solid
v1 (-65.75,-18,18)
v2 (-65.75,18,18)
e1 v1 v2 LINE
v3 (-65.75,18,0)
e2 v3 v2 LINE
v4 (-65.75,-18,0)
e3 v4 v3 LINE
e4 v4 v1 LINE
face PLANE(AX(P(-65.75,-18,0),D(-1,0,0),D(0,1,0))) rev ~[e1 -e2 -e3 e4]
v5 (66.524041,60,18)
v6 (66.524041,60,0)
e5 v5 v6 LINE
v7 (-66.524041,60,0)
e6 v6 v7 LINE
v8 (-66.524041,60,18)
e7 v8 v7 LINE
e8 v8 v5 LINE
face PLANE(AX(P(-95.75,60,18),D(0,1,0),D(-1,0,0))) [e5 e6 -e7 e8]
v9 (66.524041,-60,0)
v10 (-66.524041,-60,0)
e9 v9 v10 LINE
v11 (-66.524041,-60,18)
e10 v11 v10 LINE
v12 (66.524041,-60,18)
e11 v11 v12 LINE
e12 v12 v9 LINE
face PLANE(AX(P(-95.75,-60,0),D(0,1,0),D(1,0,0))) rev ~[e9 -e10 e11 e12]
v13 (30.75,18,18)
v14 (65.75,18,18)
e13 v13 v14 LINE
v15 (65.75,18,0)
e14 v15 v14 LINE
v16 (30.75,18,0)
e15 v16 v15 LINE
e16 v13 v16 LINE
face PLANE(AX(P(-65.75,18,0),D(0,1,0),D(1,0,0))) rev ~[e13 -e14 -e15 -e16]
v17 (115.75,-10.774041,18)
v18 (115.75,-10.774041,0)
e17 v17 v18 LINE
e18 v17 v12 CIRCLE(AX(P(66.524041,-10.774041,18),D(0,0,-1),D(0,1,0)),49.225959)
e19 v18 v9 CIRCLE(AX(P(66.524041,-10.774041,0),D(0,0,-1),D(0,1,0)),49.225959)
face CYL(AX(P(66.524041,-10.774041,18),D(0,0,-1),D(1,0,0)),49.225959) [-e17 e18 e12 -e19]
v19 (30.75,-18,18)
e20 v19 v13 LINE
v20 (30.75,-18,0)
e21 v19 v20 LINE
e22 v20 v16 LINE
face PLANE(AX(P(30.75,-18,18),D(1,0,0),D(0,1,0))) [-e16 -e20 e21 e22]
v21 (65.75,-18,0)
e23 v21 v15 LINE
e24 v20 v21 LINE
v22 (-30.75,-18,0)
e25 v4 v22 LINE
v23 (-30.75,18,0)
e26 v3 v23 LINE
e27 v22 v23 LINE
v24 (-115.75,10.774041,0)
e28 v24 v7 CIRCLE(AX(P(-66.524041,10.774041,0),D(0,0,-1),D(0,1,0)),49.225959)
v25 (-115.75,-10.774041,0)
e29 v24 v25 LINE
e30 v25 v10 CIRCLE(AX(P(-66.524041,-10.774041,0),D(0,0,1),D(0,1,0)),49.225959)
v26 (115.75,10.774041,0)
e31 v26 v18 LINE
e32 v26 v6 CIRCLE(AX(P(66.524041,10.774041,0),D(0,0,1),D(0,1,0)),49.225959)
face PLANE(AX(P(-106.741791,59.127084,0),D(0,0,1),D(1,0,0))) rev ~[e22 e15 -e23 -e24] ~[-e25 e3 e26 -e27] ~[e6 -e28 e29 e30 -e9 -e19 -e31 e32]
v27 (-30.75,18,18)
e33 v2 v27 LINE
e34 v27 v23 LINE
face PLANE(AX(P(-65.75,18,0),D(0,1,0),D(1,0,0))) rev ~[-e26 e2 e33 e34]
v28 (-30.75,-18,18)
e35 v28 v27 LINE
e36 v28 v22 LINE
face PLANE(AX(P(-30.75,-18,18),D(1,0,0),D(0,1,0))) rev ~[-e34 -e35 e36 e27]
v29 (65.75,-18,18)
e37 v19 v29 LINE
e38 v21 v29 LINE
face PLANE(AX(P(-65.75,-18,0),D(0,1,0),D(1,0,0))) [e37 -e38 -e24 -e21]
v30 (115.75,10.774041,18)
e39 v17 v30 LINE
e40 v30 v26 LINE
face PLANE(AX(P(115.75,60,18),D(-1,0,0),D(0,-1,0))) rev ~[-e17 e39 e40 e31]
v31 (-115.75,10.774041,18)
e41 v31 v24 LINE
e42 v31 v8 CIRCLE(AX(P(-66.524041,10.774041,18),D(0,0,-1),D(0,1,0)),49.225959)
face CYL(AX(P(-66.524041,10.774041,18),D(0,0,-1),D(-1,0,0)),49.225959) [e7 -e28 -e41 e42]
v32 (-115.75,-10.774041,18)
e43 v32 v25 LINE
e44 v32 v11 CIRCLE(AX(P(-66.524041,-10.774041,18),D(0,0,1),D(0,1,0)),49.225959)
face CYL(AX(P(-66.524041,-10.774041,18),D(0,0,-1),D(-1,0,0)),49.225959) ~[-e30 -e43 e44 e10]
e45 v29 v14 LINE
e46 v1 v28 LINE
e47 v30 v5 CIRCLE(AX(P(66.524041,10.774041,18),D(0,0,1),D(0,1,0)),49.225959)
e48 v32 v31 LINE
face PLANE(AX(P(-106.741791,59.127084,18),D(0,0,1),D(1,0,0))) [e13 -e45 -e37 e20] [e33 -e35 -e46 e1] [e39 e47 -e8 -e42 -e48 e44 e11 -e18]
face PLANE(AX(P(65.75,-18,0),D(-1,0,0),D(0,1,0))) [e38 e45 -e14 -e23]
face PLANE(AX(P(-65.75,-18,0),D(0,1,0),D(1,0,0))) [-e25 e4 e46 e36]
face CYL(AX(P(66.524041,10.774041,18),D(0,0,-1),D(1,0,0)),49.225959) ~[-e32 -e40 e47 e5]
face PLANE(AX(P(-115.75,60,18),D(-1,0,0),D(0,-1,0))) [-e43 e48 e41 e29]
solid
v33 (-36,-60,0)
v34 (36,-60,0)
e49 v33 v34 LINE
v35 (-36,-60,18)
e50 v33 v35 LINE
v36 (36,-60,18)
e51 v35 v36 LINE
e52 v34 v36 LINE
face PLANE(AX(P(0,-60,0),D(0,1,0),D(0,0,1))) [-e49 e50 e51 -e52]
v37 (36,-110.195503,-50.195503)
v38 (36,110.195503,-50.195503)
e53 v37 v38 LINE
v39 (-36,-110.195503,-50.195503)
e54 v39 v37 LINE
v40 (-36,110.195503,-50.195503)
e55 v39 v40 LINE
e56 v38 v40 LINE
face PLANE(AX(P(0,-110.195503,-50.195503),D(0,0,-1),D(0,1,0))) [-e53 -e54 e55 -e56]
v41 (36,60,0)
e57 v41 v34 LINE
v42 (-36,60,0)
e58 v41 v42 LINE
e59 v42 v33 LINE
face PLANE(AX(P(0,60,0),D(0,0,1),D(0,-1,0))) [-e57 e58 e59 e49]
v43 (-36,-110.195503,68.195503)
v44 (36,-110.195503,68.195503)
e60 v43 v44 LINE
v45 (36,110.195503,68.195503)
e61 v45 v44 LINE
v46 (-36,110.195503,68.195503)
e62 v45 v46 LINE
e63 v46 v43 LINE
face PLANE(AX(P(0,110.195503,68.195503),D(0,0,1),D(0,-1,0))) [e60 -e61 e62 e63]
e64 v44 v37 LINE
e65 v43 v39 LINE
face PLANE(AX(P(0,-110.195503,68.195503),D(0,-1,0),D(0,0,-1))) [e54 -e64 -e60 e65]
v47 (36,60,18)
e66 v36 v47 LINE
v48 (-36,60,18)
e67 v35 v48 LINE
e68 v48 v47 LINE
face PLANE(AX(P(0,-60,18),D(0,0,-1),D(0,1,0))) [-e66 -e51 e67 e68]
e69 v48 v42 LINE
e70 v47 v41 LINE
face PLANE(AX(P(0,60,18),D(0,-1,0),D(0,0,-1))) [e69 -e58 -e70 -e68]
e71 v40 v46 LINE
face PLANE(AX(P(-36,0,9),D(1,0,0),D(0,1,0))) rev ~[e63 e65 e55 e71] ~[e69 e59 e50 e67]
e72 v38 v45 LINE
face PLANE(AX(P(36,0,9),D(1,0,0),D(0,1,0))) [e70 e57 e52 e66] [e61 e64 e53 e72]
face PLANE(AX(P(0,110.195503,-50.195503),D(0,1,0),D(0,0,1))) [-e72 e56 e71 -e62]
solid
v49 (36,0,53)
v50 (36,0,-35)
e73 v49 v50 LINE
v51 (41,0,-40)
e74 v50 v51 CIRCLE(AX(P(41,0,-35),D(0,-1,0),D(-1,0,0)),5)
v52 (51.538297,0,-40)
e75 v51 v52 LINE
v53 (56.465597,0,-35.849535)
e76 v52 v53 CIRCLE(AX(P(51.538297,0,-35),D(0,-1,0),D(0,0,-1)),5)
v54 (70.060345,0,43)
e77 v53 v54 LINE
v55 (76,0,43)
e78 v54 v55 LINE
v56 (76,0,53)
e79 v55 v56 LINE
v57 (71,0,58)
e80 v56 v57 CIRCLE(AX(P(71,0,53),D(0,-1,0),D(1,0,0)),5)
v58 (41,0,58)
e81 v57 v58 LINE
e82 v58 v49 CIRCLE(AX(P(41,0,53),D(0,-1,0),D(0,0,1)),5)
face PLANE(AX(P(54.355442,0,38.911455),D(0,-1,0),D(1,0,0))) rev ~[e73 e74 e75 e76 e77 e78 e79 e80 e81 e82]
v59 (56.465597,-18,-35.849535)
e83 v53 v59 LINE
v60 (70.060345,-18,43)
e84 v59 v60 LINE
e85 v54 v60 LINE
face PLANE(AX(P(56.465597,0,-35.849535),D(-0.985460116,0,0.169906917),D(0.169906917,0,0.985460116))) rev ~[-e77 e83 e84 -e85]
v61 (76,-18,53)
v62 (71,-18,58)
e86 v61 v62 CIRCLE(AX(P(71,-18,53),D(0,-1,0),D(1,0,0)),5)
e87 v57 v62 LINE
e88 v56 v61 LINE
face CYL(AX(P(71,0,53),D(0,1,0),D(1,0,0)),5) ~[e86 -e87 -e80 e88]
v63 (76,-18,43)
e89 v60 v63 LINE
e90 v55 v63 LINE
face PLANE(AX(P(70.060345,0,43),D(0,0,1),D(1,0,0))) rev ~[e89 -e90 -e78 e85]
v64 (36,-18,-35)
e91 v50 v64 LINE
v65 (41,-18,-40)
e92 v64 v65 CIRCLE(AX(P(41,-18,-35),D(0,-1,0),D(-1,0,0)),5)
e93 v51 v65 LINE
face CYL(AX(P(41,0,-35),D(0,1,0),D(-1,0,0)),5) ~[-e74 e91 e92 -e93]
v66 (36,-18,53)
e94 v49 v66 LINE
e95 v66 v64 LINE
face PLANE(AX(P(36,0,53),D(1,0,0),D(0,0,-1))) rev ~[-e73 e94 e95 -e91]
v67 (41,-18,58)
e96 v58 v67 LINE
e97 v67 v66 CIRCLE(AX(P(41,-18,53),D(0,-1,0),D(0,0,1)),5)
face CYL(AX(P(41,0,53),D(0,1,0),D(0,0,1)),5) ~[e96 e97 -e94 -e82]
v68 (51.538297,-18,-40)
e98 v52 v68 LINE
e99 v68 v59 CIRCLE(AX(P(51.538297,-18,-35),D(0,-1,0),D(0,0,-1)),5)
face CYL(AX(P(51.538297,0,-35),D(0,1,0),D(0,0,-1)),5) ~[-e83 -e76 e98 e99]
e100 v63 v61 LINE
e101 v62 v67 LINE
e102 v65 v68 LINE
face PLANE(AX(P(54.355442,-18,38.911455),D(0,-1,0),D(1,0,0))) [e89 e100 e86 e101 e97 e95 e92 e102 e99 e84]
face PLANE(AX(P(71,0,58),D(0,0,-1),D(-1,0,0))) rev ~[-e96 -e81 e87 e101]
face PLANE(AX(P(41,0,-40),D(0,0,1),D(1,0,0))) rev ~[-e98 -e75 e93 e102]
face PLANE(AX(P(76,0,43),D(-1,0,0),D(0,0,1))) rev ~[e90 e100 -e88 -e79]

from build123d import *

# Parameters (mm, degrees)
F0_W      = 131.5
F0_H      = 36
F1_DEPTH  = 18
F3_DEPTH  = 36
F4_W      = 30.75
F4_H      = 36
F5_DEPTH  = 18
F7_DEPTH  = 25
F8_DEPTH  = 18
F9_R      = 49.2259593896
F11_DEPTH = 18


with BuildPart() as f1:
    # F0 (on Top) → F1 (new body)
    with BuildSketch(Plane.XY):
        with BuildLine():
            Line((-95.75, -60), (95.75, -60))
            ThreePointArc((95.75, -60), (131.1053390593, -45.3553390593), (145.75, -10))
            Line((145.75, -10), (145.75, 10))
            ThreePointArc((145.75, 10), (131.1053390593, 45.3553390593), (95.75, 60))
            Line((95.75, 60), (-95.75, 60))
            ThreePointArc((-95.75, 60), (-131.1053390593, 45.3553390593), (-145.75, 10))
            Line((-145.75, 10), (-145.75, -10))
            ThreePointArc((-145.75, -10), (-131.1053390593, -45.3553390593), (-95.75, -60))
        make_face()
        Rectangle(F0_W, F0_H, mode=Mode.SUBTRACT)
    extrude(amount=F1_DEPTH)

    # F4 (on face) → F5 (join, through all)
    with BuildSketch(Plane.XY.offset(18)):
        with Locations((-15.375, 0)):
            Rectangle(F4_W, F4_H)
        with Locations((15.375, 0)):
            Rectangle(F4_W, F4_H)
    extrude(amount=-F5_DEPTH)

    # F6 (on face) → F7 (cut)
    with BuildSketch(Plane.XY.offset(18)):
        with BuildLine():
            Line((-171.1352914572, -60), (-115.75, -60))
            Line((-115.75, -60), (-115.75, -55.8257569496))
            ThreePointArc((-115.75, -55.8257569496), (-137.5830013267, -37.3861278753), (-145.75, -10))
            Line((-145.75, -10), (-145.75, 10))
            ThreePointArc((-145.75, 10), (-137.5830013267, 37.3861278753), (-115.75, 55.8257569496))
            Line((-115.75, 55.8257569496), (-115.75, 60))
            Line((-115.75, 60), (-171.1352914572, 60))
            Line((-171.1352914572, 60), (-171.1352914572, -60))
        make_face()
        with BuildLine():
            Line((115.75, -55.8257569496), (115.75, -60))
            Line((115.75, -60), (180.9306442738, -60))
            Line((180.9306442738, -60), (180.9306442738, 60))
            Line((180.9306442738, 60), (115.75, 60))
            Line((115.75, 60), (115.75, 55.8257569496))
            ThreePointArc((115.75, 55.8257569496), (137.5830013267, 37.3861278753), (145.75, 10))
            Line((145.75, 10), (145.75, -10))
            ThreePointArc((145.75, -10), (137.5830013267, -37.3861278753), (115.75, -55.8257569496))
        make_face()
        with BuildLine():
            ThreePointArc((-145.75, -10), (-137.5830013267, -37.3861278753), (-115.75, -55.8257569496))
            Line((-115.75, -55.8257569496), (-115.75, 55.8257569496))
            ThreePointArc((-115.75, 55.8257569496), (-137.5830013267, 37.3861278753), (-145.75, 10))
            Line((-145.75, 10), (-145.75, -10))
        make_face()
        with BuildLine():
            Line((115.75, 55.8257569496), (115.75, -55.8257569496))
            ThreePointArc((115.75, -55.8257569496), (137.5830013267, -37.3861278753), (145.75, -10))
            Line((145.75, -10), (145.75, 10))
            ThreePointArc((145.75, 10), (137.5830013267, 37.3861278753), (115.75, 55.8257569496))
        make_face()
    extrude(amount=-F7_DEPTH, mode=Mode.SUBTRACT)

    # F6 (on face) → F8 (join)
    with BuildSketch(Plane.XY.offset(18)):
        with BuildLine():
            Line((-115.75, 60), (-115.75, 55.8257569496))
            ThreePointArc((-115.75, 55.8257569496), (-105.9654821845, 58.9453156465), (-95.75, 60))
            Line((-95.75, 60), (-115.75, 60))
        make_face()
        with BuildLine():
            ThreePointArc((95.75, 60), (105.9654821845, 58.9453156465), (115.75, 55.8257569496))
            Line((115.75, 55.8257569496), (115.75, 60))
            Line((115.75, 60), (95.75, 60))
        make_face()
        with BuildLine():
            ThreePointArc((115.75, -55.8257569496), (105.9654821845, -58.9453156465), (95.75, -60))
            Line((95.75, -60), (115.75, -60))
            Line((115.75, -60), (115.75, -55.8257569496))
        make_face()
        with BuildLine():
            Line((-115.75, -55.8257569496), (-115.75, -60))
            Line((-115.75, -60), (-95.75, -60))
            ThreePointArc((-95.75, -60), (-105.9654821845, -58.9453156465), (-115.75, -55.8257569496))
        make_face()
    extrude(amount=-F8_DEPTH)

    # F9
    f9_edges = [f1.edges().sort_by_distance(p)[0] for p in [
        (-115.75, 60, 9),
        (-115.75, -60, 9),
        (115.75, -60, 9),
        (115.75, 60, 9),
    ]]
    fillet(f9_edges, radius=F9_R)


with BuildPart() as f3:
    # F2 (on Right) → F3 (new body, symmetric)
    with BuildSketch(Plane.YZ):
        Polygon((110.1955026388, 68.1955026388), (10, 68.1955026388), (-10, 68.1955026388), (-110.1955026388, 68.1955026388), (-110.1955026388, -50.1955026388), (-10, -50.1955026388), (10, -50.1955026388), (110.1955026388, -50.1955026388), align=None)
        Polygon((-60, 0), (-60, 18), (-10, 18), (10, 18), (60, 18), (60, 0), (10, 0), (-10, 0), align=None, mode=Mode.SUBTRACT)
    extrude(amount=F3_DEPTH, both=True)


with BuildPart() as f11:
    # F10 (on Front) → F11 (new body)
    with BuildSketch(Plane.XZ):
        with BuildLine():
            ThreePointArc((41, 58), (37.4644660941, 56.5355339059), (36, 53))
            Line((36, 53), (36, 43))
            Line((36, 43), (36, 18))
            Line((36, 18), (65.75, 18))
            Line((65.75, 18), (70.0603448276, 43))
            Line((70.0603448276, 43), (76, 43))
            Line((76, 43), (76, 53))
            ThreePointArc((76, 53), (74.5355339059, 56.5355339059), (71, 58))
            Line((71, 58), (41, 58))
        make_face()
        with BuildLine():
            Line((65.75, 18), (36, 18))
            Line((36, 18), (36, 0))
            Line((36, 0), (36, -30))
            Line((36, -30), (36, -35))
            ThreePointArc((36, -35), (37.4644660941, -38.5355339059), (41, -40))
            Line((41, -40), (51.538296907, -40))
            ThreePointArc((51.538296907, -40), (54.7595022007, -38.8241125057), (56.4655974858, -35.8495345825))
            Line((56.4655974858, -35.8495345825), (65.75, 18))
        make_face()
    extrude(amount=F11_DEPTH)


solid = Compound([f1.part, f3.part, f11.part])
